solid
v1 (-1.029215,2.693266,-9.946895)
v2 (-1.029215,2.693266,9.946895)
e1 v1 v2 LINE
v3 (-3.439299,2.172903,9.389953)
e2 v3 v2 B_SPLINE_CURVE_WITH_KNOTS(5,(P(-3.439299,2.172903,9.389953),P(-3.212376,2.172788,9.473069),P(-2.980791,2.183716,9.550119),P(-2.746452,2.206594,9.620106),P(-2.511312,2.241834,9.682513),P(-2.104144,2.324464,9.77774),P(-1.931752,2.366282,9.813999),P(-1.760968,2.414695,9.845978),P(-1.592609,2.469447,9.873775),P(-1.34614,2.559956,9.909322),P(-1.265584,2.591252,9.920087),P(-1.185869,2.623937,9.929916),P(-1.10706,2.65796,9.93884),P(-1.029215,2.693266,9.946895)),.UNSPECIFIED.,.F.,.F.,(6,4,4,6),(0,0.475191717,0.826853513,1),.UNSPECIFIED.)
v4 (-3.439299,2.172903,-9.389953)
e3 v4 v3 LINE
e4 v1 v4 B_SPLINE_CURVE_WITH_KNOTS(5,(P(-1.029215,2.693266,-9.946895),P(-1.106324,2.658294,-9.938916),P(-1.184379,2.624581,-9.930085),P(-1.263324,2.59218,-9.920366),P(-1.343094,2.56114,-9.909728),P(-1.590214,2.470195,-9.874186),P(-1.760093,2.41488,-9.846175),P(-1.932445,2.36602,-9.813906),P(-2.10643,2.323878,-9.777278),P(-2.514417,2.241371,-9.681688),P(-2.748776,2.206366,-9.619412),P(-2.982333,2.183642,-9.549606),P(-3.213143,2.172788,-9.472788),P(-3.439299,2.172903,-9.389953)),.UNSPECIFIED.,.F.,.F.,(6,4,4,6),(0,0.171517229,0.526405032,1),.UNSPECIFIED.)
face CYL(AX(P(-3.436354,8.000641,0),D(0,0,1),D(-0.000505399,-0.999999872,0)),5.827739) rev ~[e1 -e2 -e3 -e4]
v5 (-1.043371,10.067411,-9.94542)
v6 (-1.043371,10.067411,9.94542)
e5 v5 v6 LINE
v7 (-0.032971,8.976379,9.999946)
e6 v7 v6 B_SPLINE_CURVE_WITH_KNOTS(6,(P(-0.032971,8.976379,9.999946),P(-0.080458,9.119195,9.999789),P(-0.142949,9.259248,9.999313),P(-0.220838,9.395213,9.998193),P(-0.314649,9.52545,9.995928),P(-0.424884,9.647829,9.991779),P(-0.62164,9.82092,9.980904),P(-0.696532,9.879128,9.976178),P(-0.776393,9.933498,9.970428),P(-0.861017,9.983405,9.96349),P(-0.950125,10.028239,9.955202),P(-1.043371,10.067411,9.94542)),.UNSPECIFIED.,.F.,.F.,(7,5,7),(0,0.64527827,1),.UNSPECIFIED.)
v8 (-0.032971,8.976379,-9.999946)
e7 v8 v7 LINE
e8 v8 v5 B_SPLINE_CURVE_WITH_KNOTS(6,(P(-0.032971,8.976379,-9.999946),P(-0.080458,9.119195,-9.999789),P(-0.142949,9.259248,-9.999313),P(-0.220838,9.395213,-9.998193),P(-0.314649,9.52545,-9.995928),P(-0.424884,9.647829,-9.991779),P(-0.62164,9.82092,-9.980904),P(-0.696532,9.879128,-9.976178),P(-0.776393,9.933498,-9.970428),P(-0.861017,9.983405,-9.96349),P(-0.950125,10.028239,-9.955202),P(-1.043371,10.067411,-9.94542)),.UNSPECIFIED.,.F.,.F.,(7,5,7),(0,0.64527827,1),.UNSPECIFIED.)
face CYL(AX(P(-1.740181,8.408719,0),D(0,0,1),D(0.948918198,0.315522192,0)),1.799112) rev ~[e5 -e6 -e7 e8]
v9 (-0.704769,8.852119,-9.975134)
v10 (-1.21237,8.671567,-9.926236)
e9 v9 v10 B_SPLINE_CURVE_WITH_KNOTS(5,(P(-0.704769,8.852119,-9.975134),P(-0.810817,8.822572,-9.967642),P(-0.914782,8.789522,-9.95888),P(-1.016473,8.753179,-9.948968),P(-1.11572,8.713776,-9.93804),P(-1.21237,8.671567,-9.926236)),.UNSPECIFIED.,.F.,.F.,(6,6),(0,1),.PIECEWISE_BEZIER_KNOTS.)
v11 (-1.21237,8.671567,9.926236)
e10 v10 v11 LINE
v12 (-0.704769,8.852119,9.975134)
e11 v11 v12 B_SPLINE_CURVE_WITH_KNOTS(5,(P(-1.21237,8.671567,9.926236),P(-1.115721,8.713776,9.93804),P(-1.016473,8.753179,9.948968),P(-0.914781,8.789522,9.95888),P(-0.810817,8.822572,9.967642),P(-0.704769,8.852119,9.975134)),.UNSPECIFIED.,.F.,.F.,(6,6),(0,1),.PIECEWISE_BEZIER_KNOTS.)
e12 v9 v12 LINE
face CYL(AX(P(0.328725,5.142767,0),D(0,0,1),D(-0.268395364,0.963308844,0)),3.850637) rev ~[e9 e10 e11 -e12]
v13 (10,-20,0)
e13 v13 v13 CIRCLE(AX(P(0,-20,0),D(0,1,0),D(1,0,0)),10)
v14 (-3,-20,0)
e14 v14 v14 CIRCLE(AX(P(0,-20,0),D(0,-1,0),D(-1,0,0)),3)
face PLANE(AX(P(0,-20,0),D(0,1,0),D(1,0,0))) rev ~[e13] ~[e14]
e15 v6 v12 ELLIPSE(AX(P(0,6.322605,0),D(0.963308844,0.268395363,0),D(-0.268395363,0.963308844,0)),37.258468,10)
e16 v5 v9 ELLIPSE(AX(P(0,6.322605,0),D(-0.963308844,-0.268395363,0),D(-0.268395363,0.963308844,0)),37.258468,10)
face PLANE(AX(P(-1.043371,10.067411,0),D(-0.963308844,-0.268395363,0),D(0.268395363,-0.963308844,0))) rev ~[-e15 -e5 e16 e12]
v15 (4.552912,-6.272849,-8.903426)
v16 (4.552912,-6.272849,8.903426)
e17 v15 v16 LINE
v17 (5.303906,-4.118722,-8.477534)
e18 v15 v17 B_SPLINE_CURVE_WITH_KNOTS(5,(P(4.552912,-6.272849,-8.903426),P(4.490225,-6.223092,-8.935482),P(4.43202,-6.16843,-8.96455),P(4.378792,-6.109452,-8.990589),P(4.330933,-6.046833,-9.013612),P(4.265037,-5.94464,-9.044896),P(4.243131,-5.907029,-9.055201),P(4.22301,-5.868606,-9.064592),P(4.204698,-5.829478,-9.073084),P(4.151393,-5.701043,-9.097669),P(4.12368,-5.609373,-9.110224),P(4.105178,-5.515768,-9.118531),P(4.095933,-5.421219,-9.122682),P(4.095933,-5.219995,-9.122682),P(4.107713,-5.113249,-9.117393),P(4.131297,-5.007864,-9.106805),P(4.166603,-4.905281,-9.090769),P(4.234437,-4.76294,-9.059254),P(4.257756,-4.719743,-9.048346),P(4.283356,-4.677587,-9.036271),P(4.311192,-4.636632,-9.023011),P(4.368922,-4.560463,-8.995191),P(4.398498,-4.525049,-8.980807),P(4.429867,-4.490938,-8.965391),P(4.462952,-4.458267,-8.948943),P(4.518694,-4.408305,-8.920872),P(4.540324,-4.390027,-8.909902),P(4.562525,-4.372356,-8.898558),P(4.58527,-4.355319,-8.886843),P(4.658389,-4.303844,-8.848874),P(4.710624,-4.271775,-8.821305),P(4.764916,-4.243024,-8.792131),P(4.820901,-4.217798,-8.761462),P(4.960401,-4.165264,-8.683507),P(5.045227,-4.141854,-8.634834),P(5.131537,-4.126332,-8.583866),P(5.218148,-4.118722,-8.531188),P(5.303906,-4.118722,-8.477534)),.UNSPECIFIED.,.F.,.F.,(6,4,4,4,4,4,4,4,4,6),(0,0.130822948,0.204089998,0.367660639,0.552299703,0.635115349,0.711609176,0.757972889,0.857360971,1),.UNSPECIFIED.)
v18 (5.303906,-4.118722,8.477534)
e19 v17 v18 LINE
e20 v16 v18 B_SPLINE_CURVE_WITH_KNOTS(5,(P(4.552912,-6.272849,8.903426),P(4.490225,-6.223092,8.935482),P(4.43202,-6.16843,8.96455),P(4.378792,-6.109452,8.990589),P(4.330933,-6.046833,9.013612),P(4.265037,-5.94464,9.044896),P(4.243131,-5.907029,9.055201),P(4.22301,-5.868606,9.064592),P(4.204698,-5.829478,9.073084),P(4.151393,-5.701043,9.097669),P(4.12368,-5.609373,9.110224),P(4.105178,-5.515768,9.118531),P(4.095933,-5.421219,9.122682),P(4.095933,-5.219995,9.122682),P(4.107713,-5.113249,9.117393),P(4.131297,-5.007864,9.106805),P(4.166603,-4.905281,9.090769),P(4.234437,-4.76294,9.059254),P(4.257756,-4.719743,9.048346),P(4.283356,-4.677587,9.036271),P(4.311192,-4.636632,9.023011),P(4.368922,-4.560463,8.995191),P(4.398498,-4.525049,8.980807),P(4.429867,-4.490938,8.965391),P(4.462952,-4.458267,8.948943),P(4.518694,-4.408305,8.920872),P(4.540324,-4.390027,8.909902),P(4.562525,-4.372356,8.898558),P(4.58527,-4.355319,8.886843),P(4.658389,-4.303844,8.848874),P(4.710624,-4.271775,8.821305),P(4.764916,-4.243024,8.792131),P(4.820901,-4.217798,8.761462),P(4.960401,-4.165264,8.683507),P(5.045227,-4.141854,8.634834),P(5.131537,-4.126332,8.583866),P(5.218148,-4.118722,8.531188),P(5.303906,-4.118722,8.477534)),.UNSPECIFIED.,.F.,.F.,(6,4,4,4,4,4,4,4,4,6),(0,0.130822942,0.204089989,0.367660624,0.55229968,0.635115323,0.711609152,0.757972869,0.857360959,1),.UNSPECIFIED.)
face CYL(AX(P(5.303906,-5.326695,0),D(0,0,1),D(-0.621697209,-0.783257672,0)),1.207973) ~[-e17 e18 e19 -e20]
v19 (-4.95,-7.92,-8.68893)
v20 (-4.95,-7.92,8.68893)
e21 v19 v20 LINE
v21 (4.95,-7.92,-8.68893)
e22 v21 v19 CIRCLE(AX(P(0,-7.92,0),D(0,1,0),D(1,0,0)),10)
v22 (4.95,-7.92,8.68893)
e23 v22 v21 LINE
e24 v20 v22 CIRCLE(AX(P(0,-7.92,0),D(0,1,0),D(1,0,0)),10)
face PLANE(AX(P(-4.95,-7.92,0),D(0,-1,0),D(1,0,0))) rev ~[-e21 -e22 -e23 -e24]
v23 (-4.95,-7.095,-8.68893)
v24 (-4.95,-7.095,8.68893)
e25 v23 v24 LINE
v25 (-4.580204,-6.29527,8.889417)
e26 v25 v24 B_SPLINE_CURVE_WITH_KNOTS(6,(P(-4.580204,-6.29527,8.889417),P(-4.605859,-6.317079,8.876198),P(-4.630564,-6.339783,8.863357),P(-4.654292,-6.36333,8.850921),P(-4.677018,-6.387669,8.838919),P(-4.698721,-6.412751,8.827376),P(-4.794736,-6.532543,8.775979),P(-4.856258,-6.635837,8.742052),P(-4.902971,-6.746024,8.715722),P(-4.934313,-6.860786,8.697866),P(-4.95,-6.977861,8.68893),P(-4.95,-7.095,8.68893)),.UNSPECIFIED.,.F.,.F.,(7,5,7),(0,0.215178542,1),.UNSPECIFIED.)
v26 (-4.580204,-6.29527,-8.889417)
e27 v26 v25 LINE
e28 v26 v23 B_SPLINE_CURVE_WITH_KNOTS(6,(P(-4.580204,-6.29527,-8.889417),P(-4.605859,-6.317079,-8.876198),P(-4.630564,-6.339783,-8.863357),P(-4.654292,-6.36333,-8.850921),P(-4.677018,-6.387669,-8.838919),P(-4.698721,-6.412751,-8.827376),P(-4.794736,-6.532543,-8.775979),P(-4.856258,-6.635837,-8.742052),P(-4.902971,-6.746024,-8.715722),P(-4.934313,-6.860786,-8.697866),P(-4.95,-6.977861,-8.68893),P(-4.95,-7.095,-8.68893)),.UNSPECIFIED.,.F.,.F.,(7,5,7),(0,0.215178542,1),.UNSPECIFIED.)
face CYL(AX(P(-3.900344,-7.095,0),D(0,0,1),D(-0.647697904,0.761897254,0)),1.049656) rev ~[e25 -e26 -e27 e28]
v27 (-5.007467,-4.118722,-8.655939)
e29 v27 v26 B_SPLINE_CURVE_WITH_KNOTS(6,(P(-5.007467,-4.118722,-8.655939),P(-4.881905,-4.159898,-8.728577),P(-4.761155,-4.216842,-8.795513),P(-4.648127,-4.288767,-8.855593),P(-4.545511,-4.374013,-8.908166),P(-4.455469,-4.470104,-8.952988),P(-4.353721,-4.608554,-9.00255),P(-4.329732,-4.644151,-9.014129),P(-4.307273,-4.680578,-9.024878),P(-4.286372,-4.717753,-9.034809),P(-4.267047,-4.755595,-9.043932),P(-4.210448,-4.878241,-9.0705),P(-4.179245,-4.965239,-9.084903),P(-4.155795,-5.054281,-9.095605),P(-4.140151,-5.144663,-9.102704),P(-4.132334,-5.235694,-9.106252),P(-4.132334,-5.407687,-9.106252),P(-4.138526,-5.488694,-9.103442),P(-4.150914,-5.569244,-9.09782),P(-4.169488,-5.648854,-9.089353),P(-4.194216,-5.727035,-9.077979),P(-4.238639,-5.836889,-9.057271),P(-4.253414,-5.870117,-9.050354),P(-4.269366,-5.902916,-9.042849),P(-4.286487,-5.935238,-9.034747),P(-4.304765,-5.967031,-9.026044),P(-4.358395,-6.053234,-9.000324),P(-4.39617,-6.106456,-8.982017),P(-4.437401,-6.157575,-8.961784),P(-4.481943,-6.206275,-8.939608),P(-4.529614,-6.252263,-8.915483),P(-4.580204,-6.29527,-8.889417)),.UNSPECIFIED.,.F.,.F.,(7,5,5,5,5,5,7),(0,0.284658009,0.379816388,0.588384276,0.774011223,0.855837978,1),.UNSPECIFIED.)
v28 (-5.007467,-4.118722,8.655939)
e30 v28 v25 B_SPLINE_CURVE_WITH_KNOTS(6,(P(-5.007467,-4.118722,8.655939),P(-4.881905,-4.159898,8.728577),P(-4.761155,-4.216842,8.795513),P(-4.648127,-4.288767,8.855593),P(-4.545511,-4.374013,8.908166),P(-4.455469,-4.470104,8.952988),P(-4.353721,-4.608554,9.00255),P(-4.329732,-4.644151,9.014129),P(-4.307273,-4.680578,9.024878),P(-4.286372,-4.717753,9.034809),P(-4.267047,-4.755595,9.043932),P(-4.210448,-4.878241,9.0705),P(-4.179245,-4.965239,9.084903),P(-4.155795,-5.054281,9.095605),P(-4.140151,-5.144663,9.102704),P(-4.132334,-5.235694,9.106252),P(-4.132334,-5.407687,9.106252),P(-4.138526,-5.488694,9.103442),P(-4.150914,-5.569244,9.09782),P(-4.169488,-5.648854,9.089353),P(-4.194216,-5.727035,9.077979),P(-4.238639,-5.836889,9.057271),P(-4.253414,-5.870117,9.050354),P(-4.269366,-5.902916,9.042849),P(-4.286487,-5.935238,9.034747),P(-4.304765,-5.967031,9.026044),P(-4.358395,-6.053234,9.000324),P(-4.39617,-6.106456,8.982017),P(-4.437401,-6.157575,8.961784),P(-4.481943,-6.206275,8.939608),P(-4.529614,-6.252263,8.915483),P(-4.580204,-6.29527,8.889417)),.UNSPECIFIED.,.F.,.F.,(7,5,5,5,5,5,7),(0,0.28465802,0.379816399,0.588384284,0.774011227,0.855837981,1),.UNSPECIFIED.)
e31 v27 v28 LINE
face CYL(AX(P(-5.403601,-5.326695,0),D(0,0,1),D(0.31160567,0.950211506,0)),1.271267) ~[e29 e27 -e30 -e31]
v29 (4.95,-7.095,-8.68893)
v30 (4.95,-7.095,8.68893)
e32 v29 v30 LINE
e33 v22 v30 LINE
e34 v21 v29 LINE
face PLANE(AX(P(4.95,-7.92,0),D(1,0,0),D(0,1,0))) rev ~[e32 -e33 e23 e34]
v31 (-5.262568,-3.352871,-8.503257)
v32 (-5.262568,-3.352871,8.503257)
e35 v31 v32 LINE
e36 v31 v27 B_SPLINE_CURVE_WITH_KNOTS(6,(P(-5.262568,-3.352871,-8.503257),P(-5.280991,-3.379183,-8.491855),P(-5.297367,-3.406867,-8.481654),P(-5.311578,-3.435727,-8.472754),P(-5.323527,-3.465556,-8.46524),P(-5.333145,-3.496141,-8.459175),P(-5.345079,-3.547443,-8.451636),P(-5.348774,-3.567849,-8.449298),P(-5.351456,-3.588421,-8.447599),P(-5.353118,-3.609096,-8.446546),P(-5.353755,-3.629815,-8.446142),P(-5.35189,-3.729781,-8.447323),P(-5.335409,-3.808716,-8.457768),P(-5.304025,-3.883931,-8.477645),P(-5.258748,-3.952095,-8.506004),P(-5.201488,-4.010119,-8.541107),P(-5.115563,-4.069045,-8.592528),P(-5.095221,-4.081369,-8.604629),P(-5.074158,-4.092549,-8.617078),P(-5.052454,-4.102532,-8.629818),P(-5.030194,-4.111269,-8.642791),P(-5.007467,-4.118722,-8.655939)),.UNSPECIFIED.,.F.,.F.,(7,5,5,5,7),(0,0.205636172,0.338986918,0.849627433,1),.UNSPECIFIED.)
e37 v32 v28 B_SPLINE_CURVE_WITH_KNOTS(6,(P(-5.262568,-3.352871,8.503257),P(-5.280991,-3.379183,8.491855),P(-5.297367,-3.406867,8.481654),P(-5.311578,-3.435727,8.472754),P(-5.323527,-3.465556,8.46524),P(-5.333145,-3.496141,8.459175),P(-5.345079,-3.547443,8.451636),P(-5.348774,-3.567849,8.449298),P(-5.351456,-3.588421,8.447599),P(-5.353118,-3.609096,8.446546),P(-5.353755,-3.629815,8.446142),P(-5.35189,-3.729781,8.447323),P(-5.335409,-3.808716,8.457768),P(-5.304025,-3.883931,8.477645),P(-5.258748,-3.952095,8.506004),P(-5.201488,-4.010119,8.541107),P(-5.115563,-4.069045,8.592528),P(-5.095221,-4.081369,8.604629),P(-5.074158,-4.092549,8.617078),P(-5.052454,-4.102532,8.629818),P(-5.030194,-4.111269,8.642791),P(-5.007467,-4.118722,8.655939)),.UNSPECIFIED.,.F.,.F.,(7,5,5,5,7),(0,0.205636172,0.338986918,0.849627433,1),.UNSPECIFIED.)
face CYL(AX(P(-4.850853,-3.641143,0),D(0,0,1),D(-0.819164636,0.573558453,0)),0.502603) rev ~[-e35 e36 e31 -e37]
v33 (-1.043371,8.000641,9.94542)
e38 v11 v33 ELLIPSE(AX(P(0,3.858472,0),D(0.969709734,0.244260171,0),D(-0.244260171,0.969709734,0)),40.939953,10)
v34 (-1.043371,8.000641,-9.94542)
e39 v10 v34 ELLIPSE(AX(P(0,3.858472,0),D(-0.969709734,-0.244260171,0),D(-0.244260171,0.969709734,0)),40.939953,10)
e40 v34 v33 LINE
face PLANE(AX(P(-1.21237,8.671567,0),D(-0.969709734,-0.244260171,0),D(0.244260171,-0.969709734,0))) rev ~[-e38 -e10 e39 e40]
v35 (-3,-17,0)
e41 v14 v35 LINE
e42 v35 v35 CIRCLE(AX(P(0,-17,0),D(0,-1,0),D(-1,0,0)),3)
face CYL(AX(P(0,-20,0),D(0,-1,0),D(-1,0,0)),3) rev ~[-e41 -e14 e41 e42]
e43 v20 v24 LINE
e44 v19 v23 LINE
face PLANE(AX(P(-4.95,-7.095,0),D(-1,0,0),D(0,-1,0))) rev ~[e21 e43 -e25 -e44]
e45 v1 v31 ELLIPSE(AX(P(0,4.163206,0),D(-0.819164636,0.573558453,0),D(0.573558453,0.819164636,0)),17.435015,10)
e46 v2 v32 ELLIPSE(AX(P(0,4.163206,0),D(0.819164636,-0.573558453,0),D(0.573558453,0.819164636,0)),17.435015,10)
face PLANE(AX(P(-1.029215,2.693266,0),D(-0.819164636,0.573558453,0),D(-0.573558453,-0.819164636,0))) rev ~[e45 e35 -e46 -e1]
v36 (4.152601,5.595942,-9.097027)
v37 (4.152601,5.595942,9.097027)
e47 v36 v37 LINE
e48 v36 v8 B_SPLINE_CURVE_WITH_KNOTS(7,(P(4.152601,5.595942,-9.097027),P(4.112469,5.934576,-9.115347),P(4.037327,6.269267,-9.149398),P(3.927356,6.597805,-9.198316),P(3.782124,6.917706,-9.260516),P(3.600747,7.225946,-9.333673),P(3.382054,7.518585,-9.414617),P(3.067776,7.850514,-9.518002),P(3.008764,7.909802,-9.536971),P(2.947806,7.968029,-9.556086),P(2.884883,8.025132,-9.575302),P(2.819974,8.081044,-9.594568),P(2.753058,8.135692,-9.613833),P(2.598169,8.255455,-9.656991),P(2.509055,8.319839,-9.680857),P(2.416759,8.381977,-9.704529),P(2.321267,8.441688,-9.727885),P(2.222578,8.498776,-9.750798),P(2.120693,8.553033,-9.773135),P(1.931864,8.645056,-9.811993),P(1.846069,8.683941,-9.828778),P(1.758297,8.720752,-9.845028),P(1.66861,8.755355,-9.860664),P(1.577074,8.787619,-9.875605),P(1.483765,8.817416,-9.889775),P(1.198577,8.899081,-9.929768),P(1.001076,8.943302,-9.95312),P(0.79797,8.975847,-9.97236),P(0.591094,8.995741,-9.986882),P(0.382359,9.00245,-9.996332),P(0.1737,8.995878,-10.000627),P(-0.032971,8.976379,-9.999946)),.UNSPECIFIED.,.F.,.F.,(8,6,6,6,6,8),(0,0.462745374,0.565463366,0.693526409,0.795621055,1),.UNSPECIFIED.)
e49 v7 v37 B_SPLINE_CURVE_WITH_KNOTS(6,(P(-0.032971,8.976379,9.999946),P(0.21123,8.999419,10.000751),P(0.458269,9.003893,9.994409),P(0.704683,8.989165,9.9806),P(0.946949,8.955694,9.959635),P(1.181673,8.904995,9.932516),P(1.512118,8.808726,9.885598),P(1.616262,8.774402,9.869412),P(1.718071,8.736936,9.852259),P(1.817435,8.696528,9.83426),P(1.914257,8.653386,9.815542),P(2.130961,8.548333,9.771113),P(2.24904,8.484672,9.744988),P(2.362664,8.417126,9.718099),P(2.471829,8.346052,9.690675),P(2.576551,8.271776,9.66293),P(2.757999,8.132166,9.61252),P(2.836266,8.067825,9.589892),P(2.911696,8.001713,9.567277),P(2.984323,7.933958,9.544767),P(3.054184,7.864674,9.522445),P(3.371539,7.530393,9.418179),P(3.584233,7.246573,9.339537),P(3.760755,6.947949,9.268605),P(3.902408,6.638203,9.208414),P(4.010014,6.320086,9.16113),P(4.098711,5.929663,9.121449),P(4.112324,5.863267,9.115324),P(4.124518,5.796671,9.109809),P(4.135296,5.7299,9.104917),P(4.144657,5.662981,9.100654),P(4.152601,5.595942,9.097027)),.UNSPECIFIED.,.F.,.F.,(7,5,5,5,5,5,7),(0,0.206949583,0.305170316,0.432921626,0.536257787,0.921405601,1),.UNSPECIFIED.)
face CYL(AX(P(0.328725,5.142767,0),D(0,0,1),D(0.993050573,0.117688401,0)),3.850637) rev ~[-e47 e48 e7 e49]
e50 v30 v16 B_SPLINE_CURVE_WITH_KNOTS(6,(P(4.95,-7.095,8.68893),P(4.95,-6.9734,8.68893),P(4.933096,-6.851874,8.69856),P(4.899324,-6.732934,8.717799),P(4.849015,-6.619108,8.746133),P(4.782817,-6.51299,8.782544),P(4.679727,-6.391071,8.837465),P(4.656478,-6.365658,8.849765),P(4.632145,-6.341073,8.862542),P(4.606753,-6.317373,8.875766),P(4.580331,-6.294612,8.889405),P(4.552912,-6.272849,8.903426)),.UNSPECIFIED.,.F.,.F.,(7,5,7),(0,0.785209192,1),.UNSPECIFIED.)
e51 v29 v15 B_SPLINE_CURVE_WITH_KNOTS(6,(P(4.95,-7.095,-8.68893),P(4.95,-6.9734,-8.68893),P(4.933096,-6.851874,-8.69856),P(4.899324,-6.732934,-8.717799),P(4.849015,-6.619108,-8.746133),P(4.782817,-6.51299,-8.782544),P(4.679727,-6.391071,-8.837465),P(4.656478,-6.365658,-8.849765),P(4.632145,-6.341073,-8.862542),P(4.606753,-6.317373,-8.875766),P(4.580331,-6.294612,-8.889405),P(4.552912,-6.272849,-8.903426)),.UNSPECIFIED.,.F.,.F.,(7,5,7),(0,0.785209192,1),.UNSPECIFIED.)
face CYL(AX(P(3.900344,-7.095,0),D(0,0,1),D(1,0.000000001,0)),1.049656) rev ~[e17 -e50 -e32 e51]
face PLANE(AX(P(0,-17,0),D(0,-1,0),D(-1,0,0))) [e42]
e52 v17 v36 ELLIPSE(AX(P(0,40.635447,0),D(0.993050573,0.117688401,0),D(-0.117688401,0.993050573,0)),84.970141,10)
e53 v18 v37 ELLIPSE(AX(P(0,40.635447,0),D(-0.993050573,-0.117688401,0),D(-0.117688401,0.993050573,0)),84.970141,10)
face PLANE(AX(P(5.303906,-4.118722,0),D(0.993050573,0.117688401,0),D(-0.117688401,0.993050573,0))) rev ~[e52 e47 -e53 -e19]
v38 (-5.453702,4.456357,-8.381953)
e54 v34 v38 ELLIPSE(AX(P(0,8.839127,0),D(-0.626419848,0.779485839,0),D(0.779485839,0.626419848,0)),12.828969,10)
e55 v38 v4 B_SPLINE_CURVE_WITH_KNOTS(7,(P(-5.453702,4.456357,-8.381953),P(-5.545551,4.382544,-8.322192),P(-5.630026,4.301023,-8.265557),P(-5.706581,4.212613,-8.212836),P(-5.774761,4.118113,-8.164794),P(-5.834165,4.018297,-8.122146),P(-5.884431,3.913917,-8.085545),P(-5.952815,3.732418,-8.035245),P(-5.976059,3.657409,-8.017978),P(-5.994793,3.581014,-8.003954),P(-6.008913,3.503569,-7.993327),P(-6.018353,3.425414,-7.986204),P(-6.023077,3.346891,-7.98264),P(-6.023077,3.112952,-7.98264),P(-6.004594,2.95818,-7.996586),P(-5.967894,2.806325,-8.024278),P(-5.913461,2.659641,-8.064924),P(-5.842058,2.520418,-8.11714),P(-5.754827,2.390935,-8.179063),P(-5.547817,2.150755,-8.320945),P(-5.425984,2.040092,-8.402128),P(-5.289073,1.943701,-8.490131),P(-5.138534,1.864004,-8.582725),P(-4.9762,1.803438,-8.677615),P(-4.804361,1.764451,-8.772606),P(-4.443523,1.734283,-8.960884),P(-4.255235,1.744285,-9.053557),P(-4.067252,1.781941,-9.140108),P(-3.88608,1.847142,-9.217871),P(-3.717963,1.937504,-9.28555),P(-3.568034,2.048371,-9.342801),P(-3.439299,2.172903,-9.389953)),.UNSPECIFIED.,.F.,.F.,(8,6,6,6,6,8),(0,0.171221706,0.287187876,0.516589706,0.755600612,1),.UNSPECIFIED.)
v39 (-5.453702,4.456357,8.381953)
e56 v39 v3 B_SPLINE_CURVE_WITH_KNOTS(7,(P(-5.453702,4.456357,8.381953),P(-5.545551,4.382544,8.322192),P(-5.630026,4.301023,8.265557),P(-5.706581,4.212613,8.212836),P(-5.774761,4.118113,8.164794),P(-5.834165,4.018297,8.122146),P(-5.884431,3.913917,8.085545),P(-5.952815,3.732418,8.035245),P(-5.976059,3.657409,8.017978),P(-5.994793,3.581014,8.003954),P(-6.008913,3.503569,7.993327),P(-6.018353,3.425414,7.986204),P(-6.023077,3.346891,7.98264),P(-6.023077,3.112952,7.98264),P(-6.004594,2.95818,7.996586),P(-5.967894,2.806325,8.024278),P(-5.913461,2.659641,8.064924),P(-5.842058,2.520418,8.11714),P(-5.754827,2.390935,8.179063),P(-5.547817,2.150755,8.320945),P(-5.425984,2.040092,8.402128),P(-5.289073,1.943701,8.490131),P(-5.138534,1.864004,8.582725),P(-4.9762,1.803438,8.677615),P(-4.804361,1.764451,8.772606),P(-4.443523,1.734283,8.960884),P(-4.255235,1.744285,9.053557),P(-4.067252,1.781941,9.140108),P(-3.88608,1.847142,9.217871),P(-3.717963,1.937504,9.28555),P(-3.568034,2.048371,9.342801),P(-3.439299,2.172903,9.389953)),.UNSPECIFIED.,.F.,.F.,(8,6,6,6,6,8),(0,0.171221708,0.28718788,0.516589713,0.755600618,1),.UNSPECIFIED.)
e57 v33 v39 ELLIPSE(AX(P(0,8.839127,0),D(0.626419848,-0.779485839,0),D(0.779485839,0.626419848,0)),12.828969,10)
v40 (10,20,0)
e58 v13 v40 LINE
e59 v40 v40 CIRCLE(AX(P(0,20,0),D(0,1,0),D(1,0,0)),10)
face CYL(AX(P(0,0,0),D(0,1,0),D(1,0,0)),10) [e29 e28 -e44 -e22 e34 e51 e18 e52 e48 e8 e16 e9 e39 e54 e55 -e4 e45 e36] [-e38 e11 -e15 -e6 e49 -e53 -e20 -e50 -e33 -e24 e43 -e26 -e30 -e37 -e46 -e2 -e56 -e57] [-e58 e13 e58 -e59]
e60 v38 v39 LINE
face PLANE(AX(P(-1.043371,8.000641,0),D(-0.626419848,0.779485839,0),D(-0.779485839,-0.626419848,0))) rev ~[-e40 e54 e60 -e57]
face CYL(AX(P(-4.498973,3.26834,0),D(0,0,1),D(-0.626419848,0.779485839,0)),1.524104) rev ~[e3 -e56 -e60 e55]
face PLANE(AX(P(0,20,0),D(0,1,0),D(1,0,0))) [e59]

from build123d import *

# Parameters (mm, degrees)
SKETCH2_R               = 10
BOSS_EXTRUDE1_DEPTH     = 20
CUT_EXTRUDE1_DEPTH      = 11
CUT_EXTRUDE1_DEPTH_BACK = 11
SKETCH4_R               = 3
CUT_EXTRUDE2_DEPTH      = 3


with BuildPart() as part:
    # Sketch2 → Boss-Extrude1 (new body, symmetric)
    with BuildSketch(Plane(origin=(0, 0, 0), x_dir=(1, 0, 0), z_dir=(0, 1, 0))):
        Circle(SKETCH2_R)
    extrude(amount=BOSS_EXTRUDE1_DEPTH, both=True)

    # Sketch3 → Cut-Extrude1 (cut, two sides)
    with BuildSketch(Plane.XY) as cut_extrude1_sk:
        with BuildLine():
            Line((-4.95, -7.92), (4.95, -7.92))
            Line((4.95, -7.92), (4.95, -7.095))
            ThreePointArc((4.95, -7.095), (4.845529135, -6.638488486), (4.552912235, -6.272848946))
            ThreePointArc((4.552912235, -6.272848946), (4.163263898, -4.929032869), (5.303905651, -4.118721901))
            Line((5.303905651, -4.118721901), (4.152601488, 5.595942007))
            ThreePointArc((4.152601488, 5.595942007), (2.748128038, 8.13841183), (-0.032970708, 8.976378553))
            ThreePointArc((-0.032970708, 8.976378553), (-0.420174759, 9.631170394), (-1.043370943, 10.067410979))
            Line((-1.043370943, 10.067410979), (-0.704768531, 8.852119124))
            ThreePointArc((-0.704768531, 8.852119124), (-0.961731099, 8.770731362), (-1.212370482, 8.671566707))
            Line((-1.212370482, 8.671566707), (-1.043370943, 8.000640714))
            Line((-1.043370943, 8.000640714), (-5.45370194, 4.456357119))
            ThreePointArc((-5.45370194, 4.456357119), (-5.641905535, 2.260075199), (-3.43929894, 2.172902623))
            ThreePointArc((-3.43929894, 2.172902623), (-2.20642224, 2.304167352), (-1.029214799, 2.693266345))
            Line((-1.029214799, 2.693266345), (-5.262567741, -3.352870715))
            ThreePointArc((-5.262567741, -3.352870715), (-5.32769839, -3.799977219), (-5.007467138, -4.118721901))
            ThreePointArc((-5.007467138, -4.118721901), (-4.156142001, -5.081814751), (-4.58020402, -6.295270037))
            ThreePointArc((-4.58020402, -6.295270037), (-4.853076089, -6.654455711), (-4.95, -7.095))
            Line((-4.95, -7.095), (-4.95, -7.92))
        make_face()
    extrude(amount=CUT_EXTRUDE1_DEPTH, mode=Mode.SUBTRACT)
    extrude(cut_extrude1_sk.sketch, amount=-CUT_EXTRUDE1_DEPTH_BACK, mode=Mode.SUBTRACT)

    # Sketch4 → Cut-Extrude2 (cut)
    with BuildSketch(Plane(origin=(0, -20, 0), x_dir=(-1, 0, 0), z_dir=(0, -1, 0))):
        Circle(SKETCH4_R)
    extrude(amount=-CUT_EXTRUDE2_DEPTH, mode=Mode.SUBTRACT)


solid = part.part
